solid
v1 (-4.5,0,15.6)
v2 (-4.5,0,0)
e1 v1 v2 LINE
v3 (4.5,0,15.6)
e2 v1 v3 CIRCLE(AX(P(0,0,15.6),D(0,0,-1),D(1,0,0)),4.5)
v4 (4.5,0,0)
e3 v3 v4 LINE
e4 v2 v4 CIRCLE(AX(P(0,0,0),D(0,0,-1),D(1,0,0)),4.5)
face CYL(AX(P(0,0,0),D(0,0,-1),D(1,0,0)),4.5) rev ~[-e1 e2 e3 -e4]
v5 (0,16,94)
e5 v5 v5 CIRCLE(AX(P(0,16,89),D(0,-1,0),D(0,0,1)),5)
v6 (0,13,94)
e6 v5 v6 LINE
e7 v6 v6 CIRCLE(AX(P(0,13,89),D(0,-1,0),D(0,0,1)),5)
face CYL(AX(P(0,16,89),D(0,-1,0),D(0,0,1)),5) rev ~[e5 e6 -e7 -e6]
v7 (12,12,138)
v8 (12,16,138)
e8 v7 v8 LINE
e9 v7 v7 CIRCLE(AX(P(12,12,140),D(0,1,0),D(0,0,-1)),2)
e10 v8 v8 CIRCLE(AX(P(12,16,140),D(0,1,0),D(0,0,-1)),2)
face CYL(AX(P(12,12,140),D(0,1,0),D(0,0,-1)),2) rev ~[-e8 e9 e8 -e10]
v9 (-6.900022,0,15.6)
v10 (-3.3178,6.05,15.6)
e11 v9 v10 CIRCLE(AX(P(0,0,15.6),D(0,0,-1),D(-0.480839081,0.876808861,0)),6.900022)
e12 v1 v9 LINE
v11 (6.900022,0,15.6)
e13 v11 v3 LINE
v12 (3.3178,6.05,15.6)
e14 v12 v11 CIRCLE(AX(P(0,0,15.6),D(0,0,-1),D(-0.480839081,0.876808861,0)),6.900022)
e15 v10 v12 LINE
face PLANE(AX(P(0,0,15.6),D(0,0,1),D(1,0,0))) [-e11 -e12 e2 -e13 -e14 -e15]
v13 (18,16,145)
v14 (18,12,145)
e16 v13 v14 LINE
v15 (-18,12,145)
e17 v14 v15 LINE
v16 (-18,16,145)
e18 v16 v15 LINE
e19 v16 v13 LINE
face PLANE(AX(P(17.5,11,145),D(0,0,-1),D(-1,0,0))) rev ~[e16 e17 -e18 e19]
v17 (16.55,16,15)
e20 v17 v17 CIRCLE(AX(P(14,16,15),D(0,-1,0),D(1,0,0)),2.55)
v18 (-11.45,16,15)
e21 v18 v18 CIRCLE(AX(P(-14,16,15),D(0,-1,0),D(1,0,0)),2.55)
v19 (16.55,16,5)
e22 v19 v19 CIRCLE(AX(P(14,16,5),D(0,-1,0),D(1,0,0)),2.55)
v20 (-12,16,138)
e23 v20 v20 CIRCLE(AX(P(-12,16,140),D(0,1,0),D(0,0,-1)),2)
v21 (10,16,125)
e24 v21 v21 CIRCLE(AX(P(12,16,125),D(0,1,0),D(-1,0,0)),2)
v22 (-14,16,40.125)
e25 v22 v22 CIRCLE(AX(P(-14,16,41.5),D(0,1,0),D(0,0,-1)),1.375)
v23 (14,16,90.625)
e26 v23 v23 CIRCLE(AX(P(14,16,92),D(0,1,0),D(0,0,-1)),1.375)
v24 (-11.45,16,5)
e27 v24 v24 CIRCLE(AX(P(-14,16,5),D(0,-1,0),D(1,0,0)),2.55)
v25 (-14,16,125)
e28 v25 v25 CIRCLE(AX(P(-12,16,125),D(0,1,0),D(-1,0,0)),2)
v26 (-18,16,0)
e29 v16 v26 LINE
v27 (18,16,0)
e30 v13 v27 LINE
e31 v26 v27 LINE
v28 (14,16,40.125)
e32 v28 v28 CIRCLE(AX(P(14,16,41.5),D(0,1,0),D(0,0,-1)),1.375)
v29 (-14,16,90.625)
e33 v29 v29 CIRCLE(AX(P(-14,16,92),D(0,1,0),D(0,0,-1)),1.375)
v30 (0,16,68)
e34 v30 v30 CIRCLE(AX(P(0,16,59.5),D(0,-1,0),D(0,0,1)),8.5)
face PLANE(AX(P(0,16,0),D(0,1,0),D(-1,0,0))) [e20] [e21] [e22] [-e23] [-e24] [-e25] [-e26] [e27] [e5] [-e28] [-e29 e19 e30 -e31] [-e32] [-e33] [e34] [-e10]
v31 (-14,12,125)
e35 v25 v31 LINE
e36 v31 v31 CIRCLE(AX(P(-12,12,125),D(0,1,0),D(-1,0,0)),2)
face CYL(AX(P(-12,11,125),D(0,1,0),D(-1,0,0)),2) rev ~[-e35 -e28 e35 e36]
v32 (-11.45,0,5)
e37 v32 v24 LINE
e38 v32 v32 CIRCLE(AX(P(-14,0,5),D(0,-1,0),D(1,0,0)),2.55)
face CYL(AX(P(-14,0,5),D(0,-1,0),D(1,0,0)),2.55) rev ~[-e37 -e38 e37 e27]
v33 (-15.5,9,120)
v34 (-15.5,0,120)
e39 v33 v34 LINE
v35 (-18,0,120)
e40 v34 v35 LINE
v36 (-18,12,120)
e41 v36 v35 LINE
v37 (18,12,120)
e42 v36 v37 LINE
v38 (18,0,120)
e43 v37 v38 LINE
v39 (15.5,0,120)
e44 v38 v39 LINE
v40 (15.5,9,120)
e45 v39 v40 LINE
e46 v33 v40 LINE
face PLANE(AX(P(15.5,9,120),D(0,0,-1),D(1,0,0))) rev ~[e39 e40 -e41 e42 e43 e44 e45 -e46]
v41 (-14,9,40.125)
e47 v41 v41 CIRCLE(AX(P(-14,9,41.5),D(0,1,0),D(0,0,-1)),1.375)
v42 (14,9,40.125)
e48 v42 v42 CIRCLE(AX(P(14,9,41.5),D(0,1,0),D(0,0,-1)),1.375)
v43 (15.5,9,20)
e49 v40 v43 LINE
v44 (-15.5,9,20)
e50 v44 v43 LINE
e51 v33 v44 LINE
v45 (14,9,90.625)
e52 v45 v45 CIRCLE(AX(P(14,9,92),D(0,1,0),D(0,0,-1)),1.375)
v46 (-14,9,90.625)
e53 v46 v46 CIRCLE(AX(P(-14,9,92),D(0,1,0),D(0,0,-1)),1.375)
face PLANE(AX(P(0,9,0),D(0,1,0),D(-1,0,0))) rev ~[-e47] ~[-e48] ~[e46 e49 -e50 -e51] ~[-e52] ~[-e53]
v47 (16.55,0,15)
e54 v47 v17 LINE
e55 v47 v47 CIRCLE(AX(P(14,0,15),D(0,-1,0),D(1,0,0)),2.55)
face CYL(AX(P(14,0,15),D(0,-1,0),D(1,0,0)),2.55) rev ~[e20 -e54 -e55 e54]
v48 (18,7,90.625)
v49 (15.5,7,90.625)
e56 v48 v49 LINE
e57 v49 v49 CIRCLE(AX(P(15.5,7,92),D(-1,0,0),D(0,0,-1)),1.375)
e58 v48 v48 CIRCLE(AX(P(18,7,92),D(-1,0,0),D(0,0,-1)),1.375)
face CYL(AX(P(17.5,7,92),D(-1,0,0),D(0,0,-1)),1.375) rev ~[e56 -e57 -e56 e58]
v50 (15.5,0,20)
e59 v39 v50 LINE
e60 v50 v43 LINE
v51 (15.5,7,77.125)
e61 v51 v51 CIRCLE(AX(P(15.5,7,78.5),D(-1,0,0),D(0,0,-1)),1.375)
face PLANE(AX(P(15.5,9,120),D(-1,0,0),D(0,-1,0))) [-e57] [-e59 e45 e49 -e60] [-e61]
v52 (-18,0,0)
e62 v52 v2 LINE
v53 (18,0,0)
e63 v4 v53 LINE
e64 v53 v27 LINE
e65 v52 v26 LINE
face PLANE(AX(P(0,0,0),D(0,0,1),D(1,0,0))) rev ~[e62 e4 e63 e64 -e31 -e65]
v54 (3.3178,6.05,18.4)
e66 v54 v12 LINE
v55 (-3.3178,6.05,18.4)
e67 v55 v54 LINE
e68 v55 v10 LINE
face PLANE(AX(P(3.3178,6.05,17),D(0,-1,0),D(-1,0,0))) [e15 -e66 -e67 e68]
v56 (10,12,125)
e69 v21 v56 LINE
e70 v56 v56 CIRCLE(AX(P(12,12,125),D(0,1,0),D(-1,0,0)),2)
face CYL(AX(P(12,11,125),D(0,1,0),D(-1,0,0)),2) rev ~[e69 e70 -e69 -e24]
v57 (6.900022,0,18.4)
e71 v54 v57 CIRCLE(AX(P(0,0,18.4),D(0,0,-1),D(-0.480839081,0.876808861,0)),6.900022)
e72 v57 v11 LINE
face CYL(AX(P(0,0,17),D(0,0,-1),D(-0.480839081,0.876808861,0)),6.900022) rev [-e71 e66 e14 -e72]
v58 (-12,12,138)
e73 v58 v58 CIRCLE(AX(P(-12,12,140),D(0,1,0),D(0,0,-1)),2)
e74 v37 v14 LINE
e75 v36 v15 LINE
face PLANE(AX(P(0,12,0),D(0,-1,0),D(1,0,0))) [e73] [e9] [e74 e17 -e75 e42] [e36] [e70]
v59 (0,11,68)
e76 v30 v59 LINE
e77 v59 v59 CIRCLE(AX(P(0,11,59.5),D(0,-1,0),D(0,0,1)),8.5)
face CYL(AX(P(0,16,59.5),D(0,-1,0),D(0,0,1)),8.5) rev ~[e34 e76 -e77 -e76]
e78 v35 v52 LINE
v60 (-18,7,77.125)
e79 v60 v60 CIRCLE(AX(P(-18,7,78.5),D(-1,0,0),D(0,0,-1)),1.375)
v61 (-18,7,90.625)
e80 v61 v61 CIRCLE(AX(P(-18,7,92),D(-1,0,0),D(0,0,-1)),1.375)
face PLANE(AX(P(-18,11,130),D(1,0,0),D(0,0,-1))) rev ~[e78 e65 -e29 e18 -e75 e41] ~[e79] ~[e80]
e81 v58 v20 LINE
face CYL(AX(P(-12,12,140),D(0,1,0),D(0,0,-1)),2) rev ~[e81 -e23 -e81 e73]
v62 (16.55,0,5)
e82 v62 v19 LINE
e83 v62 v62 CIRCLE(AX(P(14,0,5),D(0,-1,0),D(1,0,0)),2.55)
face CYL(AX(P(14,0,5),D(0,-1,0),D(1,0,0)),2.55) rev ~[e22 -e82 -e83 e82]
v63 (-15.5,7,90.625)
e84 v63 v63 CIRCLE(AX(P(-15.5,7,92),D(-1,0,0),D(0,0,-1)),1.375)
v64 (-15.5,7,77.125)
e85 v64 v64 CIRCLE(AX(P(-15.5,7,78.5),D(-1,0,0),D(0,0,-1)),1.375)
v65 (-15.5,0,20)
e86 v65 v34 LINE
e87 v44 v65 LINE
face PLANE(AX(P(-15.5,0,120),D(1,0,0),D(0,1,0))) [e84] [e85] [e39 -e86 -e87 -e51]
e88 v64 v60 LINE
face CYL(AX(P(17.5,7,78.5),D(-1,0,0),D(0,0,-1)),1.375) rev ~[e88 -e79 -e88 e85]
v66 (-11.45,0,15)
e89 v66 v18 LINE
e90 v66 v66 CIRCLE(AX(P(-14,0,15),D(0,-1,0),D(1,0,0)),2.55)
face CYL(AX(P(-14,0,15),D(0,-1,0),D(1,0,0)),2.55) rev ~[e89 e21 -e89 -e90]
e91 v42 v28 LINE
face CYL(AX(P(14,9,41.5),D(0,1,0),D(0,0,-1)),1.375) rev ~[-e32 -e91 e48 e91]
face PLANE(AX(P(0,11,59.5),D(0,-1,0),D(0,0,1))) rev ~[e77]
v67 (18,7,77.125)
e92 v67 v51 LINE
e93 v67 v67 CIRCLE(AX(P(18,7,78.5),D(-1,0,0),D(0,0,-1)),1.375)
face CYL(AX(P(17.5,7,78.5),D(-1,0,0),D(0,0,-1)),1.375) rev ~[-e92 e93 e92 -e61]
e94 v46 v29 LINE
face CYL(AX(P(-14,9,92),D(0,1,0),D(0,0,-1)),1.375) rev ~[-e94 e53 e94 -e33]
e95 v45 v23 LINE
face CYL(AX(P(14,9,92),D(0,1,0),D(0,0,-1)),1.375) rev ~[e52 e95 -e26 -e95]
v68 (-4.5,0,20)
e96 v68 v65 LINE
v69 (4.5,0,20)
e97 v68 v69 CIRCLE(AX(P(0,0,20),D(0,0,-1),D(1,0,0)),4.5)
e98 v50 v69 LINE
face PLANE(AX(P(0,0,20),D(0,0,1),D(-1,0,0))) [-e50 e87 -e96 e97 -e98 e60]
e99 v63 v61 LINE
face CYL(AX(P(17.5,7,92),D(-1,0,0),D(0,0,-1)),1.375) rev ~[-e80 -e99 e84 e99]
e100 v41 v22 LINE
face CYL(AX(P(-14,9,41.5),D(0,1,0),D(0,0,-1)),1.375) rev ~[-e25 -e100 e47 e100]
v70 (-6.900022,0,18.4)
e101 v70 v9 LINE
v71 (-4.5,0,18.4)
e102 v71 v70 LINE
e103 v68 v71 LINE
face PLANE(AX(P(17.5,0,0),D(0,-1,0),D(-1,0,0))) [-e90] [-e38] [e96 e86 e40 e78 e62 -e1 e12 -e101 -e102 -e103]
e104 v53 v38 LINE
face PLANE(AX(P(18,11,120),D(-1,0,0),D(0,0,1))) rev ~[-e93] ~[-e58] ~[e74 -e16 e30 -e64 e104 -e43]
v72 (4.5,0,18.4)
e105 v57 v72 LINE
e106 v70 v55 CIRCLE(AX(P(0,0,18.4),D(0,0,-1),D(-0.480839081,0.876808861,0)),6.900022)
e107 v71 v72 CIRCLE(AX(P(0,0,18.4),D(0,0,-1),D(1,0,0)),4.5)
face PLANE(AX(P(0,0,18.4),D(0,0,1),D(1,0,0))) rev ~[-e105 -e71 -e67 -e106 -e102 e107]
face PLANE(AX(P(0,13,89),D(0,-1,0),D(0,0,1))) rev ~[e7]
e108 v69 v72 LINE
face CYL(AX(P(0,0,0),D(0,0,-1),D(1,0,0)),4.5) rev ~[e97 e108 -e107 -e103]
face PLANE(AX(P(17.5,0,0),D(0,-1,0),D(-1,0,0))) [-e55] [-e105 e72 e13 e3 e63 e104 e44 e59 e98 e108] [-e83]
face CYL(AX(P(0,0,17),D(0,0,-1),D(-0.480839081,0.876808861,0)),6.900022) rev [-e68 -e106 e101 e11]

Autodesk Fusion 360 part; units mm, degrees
sketch "スケッチ1" plane through (0, 0, 0) normal (0, 0, 1) x (1, 0, 0)
  line L0 (-17.5, 11) -> (17.5, 11)
  line L1 (17.5, 11) -> (17.5, 0)
  line L2 (17.5, 0) -> (-17.5, 0)
  line L3 (-17.5, 0) -> (-17.5, 11)
  dimension "d1" = 35
  dimension "d2" = 11
extrude "押し出し1" add sketch "スケッチ1" along normal blind 120
sketch "スケッチ2" plane through (0, 0, 0) normal (0, 0, -1) x (1, 0, 0)
  line L0 (17.5, 0) -> (-17.5, 0)
  line L1 (-17.5, 0) -> (-17.5, -11)
  line L2 (-17.5, -11) -> (17.5, -11)
  line L3 (17.5, -11) -> (17.5, 0)
  circle A0 centre (0, 0) radius 4.5
  dimension "d5" = 9
extrude "押し出し2" cut sketch "スケッチ2" against normal blind 20 contours L0 A0 picked at (-0.548, -1.3963)
sketch "スケッチ3" plane through (0, 0, 120) normal (0, 0, 1) x (-1, 0, 0)
  line L0 (17.5, 0) -> (-17.5, 0)
  line L1 (-17.5, 0) -> (-17.5, -11)
  line L2 (-17.5, -11) -> (17.5, -11)
  line L3 (17.5, -11) -> (17.5, 0)
  line L4 (15.5, -9) -> (-15.5, -9)
  line L5 (-15.5, -9) -> (-15.5, 0)
  line L6 (-15.5, 0) -> (15.5, 0)
  line L7 (15.5, 0) -> (15.5, -9)
  dimension "d8" = 2
  dimension "d9" = 31
extrude "押し出し3" cut sketch "スケッチ3" against normal blind 100 contours L0 L4 L5 L6 L7
ref_plane "作業平面1" through (0, 5.5, 9) normal (0, 0, -1) x (-1, 0, 0)
sketch "スケッチ5" plane through (0, 11, 0) normal (0, 1, 0) x (-1, 0, 0)
  line L0 (-17.5, 0) -> (17.5, 0)
  line L1 (17.5, 0) -> (17.5, 120)
  line L2 (17.5, 120) -> (-17.5, 120)
  line L3 (-17.5, 120) -> (-17.5, 0)
  line L4 (-17.5, 130) -> (17.5, 130)
  line L5 (17.5, 130) -> (17.5, 120)
  line L6 (17.5, 120) -> (-17.5, 120)
  line L7 (-17.5, 120) -> (-17.5, 130)
  line L8 (-17.5, 125) -> (17.5, 125) construction
  circle A0 centre (12, 125) radius 2
  circle A1 centre (-12, 125) radius 2
  dimension "d16" = 4
  dimension "d17" = 4
  dimension "d18" = 24
  dimension "d19" = 10
  dimension "d20" = 5.5
extrude "押し出し5" add sketch "スケッチ5" against normal blind 2 contours L2 L4 L5 L6 L7
sketch "スケッチ8" plane through (0, 0, 0) normal (0, -1, 0) x (1, 0, 0)
  line L0 (-4.5, 20) -> (-15.5, 20)
  line L1 (-15.5, 20) -> (-15.5, 120)
  line L2 (-15.5, 120) -> (-17.5, 120)
  line L3 (-17.5, 120) -> (-17.5, 0)
  line L4 (-17.5, 0) -> (-4.5, 0)
  line L5 (-4.5, 0) -> (-4.5, 20)
  circle A0 centre (-14, 15) radius 2.55
  line L6 (18.5, 15) -> (-17.5, 15) construction
  line L7 (17.541, 5) -> (-17.5, 5) construction
  line L8 (15.5, 20) -> (4.5, 20) construction
  circle A1 centre (14, 15) radius 2.55
  circle A2 centre (14, 5) radius 2.55
  circle A3 centre (-14, 5) radius 2.55
  line L9 (17.5, 0) -> (17.5, 120)
  dimension "d30" = 5
  dimension "d31" = 10
  dimension "d32" = 5.1
  dimension "d33" = 5.1
  dimension "d34" = 5.1
  dimension "d35" = 5.1
  dimension "d36" = 3.5
  dimension "d37" = 3.5
  dimension "d38" = 3.5
  dimension "d39" = 3.5
extrude "押し出し8" cut sketch "スケッチ8" against normal blind 15 contours A0 | A1 | A2 | A3
move_face "OffsetFaces1" offset 3 1 faces at (-3.8517, 11, 52.6741)
sketch "Sketch9" plane through (0, 9, 0) normal (0, -1, 0) x (1, 0, 0)
  circle A0 centre (12, 125) radius 2
  circle A1 centre (-12, 125) radius 2
  line L0 (-15.5, 120) -> (-15.5, 20)
  line L1 (-15.5, 20) -> (15.5, 20)
  line L2 (15.5, 20) -> (15.5, 120)
  line L3 (15.5, 120) -> (17.5, 120)
  line L4 (17.5, 120) -> (17.5, 130)
  line L5 (17.5, 130) -> (-17.5, 130)
  line L6 (-17.5, 130) -> (-17.5, 120)
  line L7 (-17.5, 120) -> (-15.5, 120)
  point P0 (14, 41.5)
  point P1 (-14, 41.5)
  point P2 (-14, 92)
  point P3 (14, 92)
hole "Hole1" at (-14, 9, 92) at (14, 9, 92) at (14, 9, 41.5) at (-14, 9, 41.5) direction (0, 1, 0) diameter 2.75 depth 9 tip angle 118
ref_plane "WorkPlane2" through (0, 0, 17) normal (0, 0, 1) x (1, 0, 0)
sketch "Sketch13" plane through (0, 0, 17) normal (0, 0, 1) x (1, 0, 0)
  line L0 (3.3178, 6.05) -> (-3.3178, 6.05)
  arc A0 (-3.3178, 6.05) -> (3.3178, 6.05) centre (0, 0) ccw
  dimension "d63" = 13.8
extrude "Extrude9" cut sketch "Sketch13" along normal blind 1.4 and the other way blind 1.4
sketch "Sketch11" plane through (0, 9, 0) normal (0, -1, 0) x (1, 0, 0)
  circle A0 centre (-12, 125) radius 2
  circle A1 centre (12, 125) radius 2
  line L0 (-15.5, 120) -> (-15.5, 20)
  line L1 (-15.5, 20) -> (15.5, 20)
  line L2 (15.5, 20) -> (15.5, 120)
  line L3 (15.5, 120) -> (17.5, 120)
  line L4 (17.5, 120) -> (17.5, 130)
  line L5 (17.5, 130) -> (-17.5, 130)
  line L6 (-17.5, 130) -> (-17.5, 120)
  line L7 (-17.5, 120) -> (-15.5, 120)
  line L8 (-17.5, 130) -> (17.5, 130)
  line L9 (17.5, 130) -> (17.5, 120)
  line L10 (17.5, 120) -> (-17.5, 120)
  line L11 (-17.5, 120) -> (-17.5, 130)
  circle A2 centre (14, 41.5) radius 1.375
  circle A3 centre (-14, 92) radius 1.375
  circle A4 centre (14, 92) radius 1.375
  circle A5 centre (-14, 41.5) radius 1.375
extrude "Extrude10" cut sketch "Sketch11" against normal blind 3 contours L3 L4 L5 L6 L7 L8 L9 L10 L11
move_face "OffsetFaces2" offset 2 1 faces at (4.4189, 14, 58.7625)
move_face "OffsetFaces3" offset 15 1 faces at (5.8333, 13.3333, 130)
sketch "Sketch12" plane through (0, 12, 0) normal (0, -1, 0) x (1, 0, 0)
  circle A0 centre (12, 125) radius 2
  circle A1 centre (-12, 125) radius 2
  line L0 (-17.5, 120) -> (17.5, 120)
  line L1 (17.5, 120) -> (17.5, 145)
  line L2 (17.5, 145) -> (-17.5, 145)
  line L3 (-17.5, 145) -> (-17.5, 120)
  point P0 (-12, 140)
  point P1 (12, 140)
hole "Hole2" at (-12, 12, 140) at (12, 12, 140) direction (0, 1, 0) diameter 4 depth 5 tip angle 118
sketch "Sketch14" plane through (17.5, 0, 0) normal (1, 0, 0) x (0, 1, 0)
  line L0 (12, 120) -> (0, 120)
  line L1 (0, 120) -> (0, 0)
  line L2 (0, 0) -> (16, 0)
  line L3 (16, 0) -> (16, 145)
  line L4 (16, 145) -> (12, 145)
  line L5 (12, 145) -> (12, 120)
  line L6 (12, 120) -> (0, 120)
  line L7 (0, 120) -> (0, 0)
  line L8 (0, 0) -> (16, 0)
  line L9 (16, 0) -> (16, 145)
  line L10 (16, 145) -> (12, 145)
  line L11 (12, 145) -> (12, 120)
  point P0 (7, 92)
  point P1 (7, 78.5)
hole "Hole3" at (17.5, 7, 92) at (17.5, 7, 78.5) direction (-1, 0, 0) diameter 2.75 depth 200 tip angle 118
move_face "OffsetFaces4" offset 0.5 1 faces at (17.5, 7.6667, 25.7083)
move_face "OffsetFaces5" offset 0.5 1 faces at (-17.5, 7.6667, 25.7083)
sketch "Sketch15" plane through (0, 16, 0) normal (0, 1, 0) x (-1, 0, 0)
  circle A0 centre (12, 140) radius 2
  circle A1 centre (-12, 140) radius 2
  circle A2 centre (-14, 41.5) radius 1.375
  circle A3 centre (14, 92) radius 1.375
  circle A4 centre (-14, 92) radius 1.375
  circle A5 centre (14, 41.5) radius 1.375
  circle A6 centre (-14, 5) radius 2.55
  circle A7 centre (14, 5) radius 2.55
  circle A8 centre (-14, 15) radius 2.55
  circle A9 centre (14, 15) radius 2.55
  circle A10 centre (-12, 125) radius 2
  circle A11 centre (12, 125) radius 2
  line L0 (-18, 0) -> (18, 0)
  line L1 (18, 0) -> (18, 145)
  line L2 (18, 145) -> (-18, 145)
  line L3 (-18, 145) -> (-18, 0)
  point P0 (0, 89)
hole "Hole4" at (0, 16, 89) direction (0, -1, 0) diameter 10 depth 3 tip angle 180
sketch "Sketch17" plane through (0, 16, 0) normal (0, 1, 0) x (-1, 0, 0)
  point P0 (0, 59.5)
hole "Hole5" at (0, 16, 59.5) direction (0, -1, 0) diameter 17 depth 5 tip angle 180
